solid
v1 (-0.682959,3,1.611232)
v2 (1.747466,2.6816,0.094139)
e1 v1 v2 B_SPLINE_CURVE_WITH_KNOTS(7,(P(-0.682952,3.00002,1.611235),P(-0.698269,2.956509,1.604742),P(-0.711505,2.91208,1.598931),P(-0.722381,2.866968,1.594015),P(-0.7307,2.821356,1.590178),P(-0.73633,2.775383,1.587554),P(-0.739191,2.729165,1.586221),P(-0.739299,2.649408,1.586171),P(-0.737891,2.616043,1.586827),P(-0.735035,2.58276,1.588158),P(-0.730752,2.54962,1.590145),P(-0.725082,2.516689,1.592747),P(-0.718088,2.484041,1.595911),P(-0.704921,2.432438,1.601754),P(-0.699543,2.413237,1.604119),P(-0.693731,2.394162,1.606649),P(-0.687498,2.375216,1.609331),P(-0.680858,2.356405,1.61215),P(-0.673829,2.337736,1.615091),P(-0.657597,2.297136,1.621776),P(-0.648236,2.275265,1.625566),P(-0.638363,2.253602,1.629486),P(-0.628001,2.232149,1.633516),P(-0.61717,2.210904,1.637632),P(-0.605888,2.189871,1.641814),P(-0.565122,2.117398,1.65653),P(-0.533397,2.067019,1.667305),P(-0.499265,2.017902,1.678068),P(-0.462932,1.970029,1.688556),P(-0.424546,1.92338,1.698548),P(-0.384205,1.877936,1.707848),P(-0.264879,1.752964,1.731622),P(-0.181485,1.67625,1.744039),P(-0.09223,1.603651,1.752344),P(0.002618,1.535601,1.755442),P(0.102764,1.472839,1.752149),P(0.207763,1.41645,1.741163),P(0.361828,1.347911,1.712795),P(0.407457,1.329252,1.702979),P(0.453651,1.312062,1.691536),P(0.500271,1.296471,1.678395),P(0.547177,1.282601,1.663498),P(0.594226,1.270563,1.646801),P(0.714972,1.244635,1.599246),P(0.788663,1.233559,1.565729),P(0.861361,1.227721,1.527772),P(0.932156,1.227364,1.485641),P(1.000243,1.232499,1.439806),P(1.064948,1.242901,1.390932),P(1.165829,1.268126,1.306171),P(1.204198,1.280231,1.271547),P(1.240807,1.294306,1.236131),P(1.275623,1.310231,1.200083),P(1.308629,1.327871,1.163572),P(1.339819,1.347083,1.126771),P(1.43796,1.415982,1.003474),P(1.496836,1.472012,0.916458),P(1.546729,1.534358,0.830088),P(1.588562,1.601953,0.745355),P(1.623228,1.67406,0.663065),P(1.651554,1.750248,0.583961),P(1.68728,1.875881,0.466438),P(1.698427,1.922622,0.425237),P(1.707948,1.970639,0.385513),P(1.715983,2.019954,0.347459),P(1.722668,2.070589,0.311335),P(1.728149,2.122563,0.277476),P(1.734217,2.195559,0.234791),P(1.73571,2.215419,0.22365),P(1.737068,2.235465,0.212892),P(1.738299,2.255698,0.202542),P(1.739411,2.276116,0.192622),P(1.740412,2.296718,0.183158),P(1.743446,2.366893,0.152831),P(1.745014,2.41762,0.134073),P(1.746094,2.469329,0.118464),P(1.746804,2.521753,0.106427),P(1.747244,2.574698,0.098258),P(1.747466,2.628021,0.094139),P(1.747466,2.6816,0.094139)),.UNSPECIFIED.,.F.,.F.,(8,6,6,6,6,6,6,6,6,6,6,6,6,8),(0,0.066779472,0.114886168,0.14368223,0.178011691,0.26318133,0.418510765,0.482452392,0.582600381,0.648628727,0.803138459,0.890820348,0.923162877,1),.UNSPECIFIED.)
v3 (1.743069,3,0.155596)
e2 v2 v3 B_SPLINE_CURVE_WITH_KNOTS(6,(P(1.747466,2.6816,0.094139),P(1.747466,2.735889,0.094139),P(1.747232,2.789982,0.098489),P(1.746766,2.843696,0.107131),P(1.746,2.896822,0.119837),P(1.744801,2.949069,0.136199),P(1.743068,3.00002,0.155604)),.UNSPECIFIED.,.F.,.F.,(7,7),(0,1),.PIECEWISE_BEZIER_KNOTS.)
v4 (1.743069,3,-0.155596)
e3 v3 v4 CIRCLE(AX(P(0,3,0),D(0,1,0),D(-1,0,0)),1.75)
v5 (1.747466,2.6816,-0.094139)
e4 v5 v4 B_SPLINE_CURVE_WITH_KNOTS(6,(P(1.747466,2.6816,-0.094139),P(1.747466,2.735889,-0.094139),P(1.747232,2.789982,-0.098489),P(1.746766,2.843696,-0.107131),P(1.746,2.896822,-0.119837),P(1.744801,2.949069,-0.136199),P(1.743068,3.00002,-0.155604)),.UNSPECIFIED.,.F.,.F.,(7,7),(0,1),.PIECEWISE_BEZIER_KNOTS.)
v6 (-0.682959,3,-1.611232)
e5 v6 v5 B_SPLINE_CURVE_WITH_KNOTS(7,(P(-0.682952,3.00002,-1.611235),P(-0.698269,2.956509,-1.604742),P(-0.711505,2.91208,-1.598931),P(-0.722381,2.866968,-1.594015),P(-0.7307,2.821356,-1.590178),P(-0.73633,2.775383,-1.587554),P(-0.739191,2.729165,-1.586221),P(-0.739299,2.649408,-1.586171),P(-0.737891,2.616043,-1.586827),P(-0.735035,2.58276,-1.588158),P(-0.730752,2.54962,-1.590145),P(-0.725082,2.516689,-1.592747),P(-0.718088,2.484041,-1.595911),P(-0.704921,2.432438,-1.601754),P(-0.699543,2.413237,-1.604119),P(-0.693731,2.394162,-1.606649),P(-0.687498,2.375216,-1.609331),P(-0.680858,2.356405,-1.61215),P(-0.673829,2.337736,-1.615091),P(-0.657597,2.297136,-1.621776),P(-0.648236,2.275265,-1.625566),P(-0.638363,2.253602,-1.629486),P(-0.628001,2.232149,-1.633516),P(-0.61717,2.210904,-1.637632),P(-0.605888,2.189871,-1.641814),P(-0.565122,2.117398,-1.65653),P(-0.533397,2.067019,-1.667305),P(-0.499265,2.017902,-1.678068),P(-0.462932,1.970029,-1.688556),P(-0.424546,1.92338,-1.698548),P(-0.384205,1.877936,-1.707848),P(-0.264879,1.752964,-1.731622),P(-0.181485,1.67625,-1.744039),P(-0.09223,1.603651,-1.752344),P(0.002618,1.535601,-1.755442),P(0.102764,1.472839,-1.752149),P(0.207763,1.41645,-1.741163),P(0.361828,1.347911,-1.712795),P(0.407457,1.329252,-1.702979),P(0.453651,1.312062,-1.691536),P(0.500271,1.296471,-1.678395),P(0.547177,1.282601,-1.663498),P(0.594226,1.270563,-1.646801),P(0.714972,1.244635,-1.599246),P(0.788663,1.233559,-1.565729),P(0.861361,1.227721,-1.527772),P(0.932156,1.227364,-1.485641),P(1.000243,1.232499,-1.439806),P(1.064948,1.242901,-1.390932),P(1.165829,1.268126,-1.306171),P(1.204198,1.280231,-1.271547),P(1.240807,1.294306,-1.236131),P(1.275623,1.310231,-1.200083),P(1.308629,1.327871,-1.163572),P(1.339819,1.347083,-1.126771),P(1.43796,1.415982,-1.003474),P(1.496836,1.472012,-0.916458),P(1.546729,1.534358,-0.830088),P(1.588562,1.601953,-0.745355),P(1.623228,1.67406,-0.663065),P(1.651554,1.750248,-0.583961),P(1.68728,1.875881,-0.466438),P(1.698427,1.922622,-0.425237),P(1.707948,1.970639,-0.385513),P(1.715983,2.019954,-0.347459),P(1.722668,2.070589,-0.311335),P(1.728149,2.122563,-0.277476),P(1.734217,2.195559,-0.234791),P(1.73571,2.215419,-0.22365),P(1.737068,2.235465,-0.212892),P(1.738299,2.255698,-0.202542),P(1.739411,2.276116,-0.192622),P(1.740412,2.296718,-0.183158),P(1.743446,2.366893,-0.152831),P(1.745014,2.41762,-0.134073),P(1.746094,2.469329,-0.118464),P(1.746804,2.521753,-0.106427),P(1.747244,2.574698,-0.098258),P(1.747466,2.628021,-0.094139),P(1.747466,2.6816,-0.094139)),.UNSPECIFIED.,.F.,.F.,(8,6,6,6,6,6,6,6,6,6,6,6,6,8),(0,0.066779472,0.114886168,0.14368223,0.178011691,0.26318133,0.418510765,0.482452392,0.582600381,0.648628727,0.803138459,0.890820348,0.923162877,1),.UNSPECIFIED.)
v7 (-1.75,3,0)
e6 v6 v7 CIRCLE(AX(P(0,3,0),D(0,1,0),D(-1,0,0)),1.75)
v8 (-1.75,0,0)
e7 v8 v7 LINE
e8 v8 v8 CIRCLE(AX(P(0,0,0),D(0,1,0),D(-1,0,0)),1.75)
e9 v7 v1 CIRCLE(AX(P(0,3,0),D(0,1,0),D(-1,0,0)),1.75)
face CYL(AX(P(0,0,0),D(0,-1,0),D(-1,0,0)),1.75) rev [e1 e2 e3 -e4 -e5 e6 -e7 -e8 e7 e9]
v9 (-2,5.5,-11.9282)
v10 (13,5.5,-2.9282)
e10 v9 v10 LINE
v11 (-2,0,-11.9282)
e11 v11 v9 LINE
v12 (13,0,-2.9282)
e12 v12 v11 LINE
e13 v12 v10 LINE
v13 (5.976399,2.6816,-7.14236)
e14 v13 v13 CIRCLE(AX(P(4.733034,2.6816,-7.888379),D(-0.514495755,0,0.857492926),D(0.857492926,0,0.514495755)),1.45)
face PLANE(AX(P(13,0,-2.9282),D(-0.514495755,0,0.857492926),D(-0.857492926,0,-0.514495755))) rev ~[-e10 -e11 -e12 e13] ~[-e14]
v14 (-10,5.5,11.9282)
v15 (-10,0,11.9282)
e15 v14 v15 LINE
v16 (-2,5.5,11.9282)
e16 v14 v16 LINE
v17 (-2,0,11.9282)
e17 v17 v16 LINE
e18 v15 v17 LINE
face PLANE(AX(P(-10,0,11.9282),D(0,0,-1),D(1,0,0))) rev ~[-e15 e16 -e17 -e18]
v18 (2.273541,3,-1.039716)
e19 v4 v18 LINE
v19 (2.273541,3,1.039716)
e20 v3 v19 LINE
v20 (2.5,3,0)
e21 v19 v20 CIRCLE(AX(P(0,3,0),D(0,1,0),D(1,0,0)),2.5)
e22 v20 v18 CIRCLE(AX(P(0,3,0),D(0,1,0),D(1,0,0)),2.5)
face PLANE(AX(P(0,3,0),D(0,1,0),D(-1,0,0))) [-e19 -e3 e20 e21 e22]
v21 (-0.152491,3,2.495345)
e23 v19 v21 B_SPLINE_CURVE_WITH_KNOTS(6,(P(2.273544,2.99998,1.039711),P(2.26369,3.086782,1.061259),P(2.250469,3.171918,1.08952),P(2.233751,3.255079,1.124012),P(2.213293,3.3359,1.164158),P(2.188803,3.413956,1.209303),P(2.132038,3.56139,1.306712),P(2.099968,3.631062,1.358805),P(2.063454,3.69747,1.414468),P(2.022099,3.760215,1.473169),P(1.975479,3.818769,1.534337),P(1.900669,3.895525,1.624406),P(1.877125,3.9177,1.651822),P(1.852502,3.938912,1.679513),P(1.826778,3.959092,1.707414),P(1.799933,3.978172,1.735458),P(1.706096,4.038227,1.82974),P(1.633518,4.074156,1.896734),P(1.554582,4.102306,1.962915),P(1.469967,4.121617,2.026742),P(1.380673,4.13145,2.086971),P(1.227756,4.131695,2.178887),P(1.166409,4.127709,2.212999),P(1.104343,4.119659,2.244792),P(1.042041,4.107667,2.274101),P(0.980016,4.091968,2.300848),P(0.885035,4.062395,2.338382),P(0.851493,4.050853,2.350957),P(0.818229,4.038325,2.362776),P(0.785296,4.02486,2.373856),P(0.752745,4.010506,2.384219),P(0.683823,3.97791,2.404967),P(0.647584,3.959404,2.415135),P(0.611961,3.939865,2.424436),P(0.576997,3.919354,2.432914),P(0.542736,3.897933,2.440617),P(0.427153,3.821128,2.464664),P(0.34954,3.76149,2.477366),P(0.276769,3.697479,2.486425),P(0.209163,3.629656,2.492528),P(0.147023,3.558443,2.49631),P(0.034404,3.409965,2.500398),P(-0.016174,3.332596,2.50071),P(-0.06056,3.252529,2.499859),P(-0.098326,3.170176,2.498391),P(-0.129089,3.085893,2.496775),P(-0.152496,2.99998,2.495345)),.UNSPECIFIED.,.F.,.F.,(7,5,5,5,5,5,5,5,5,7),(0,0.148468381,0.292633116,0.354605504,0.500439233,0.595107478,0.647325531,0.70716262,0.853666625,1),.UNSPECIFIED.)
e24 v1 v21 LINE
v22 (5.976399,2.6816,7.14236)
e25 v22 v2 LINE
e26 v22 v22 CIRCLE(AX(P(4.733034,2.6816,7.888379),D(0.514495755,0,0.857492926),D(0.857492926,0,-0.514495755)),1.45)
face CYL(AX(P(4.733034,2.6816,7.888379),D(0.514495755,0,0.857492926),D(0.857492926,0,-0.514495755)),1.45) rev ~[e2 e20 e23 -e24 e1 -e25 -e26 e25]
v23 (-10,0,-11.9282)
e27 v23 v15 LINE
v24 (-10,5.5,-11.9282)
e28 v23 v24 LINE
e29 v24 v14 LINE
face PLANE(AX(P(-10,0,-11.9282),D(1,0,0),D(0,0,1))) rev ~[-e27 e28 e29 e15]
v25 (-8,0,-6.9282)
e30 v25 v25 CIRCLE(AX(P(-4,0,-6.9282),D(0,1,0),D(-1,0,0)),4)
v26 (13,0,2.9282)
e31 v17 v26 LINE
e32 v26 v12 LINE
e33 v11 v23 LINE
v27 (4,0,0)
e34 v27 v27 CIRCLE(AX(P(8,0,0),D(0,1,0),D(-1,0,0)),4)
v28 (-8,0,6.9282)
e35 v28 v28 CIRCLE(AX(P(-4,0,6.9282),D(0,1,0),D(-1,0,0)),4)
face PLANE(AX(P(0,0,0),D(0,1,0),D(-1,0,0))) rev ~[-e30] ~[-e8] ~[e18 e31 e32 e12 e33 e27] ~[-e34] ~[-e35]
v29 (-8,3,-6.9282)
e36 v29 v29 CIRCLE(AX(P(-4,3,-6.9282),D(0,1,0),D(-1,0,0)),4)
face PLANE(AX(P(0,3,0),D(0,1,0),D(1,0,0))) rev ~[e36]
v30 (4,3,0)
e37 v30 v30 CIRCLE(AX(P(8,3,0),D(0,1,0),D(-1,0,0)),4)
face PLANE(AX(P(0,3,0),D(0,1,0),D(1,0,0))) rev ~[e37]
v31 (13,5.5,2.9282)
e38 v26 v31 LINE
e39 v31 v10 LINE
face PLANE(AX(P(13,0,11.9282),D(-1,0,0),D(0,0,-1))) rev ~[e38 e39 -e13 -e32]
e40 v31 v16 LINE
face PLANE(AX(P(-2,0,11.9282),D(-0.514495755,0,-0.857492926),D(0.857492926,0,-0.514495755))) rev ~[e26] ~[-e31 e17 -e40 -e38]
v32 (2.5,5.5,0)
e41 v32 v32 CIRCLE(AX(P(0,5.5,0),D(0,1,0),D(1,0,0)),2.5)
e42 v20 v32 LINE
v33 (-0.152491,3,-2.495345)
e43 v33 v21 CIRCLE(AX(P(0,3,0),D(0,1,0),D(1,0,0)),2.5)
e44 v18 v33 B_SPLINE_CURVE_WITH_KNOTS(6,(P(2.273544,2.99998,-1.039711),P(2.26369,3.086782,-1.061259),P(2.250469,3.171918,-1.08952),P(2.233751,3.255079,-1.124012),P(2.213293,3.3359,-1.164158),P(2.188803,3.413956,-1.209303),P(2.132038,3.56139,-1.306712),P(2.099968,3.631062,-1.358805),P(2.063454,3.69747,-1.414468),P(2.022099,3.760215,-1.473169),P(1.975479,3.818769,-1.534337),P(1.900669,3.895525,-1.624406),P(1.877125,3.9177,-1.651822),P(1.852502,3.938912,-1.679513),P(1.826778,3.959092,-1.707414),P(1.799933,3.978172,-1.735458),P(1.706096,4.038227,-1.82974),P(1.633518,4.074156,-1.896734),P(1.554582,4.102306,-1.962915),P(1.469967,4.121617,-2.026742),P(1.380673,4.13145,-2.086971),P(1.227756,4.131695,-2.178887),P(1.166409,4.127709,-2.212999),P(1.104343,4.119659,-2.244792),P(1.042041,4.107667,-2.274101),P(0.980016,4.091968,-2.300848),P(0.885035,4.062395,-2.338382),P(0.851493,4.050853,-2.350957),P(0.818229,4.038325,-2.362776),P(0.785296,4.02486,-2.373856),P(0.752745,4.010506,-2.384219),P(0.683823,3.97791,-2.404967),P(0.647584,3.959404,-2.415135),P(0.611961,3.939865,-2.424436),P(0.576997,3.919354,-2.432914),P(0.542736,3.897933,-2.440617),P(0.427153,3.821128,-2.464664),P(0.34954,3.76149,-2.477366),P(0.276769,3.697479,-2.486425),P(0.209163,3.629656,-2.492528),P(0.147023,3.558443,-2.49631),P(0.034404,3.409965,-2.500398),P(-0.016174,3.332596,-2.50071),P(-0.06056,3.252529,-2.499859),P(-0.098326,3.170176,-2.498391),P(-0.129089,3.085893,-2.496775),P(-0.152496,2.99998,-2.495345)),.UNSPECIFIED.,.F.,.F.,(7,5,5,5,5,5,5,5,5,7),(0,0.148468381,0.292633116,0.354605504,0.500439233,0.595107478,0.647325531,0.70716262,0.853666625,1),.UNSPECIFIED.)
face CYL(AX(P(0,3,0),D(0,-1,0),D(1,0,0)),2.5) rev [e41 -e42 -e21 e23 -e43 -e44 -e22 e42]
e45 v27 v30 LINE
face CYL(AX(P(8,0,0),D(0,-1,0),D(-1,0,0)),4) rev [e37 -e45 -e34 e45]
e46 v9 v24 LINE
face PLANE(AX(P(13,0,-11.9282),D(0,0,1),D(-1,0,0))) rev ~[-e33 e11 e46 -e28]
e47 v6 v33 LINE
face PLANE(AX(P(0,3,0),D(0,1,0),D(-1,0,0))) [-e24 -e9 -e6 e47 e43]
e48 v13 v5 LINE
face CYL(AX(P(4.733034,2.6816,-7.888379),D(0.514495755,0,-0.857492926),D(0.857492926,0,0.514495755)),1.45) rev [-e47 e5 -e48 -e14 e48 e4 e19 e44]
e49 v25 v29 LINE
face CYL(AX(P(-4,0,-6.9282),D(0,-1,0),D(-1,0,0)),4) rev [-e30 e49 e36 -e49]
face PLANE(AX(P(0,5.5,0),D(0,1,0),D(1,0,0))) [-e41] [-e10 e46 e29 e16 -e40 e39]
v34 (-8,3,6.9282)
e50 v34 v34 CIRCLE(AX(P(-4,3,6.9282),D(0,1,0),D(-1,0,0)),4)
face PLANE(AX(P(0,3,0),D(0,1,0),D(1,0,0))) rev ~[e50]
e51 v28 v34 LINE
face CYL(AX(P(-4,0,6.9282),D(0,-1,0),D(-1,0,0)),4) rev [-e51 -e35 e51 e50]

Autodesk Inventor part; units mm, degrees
ref_plane "YZ Plane" through (0, 0, 0) normal (1, 0, 0) x (0, 1, 0)
ref_plane "XZ Plane" through (0, 0, 0) normal (0, 1, 0) x (-1, 0, 0)
ref_plane "XY Plane" through (0, 0, 0) normal (0, 0, 1) x (1, 0, 0)
sketch "Sketch1" plane through (0, 0, 0) normal (0, 1, 0) x (-1, 0, 0)
  line L0 (-13, -11.9282) -> (10, -11.9282)
  line L1 (10, -11.9282) -> (10, 11.9282)
  line L2 (10, 11.9282) -> (-13, 11.9282)
  line L3 (-13, 11.9282) -> (-13, -11.9282)
  circle A0 centre (-8, 0) radius 4
  circle A1 centre (4, -6.9282) radius 4
  circle A2 centre (4, 6.9282) radius 4
  circle A3 centre (0, 0) radius 8 construction
  circle A4 centre (0, 0) radius 1.75
  dimension "d11" = 16
  dimension "d2" = 8
  dimension "d6" = 360
  dimension "d8" = 6
  dimension "d9" = 5
  dimension "d12" = 5
  dimension "d13" = 5
  dimension "d35" = 3.5
extrude "Extrusion1" add sketch "Sketch1" along normal blind 3
sketch "Sketch2" plane through (0, 3, 0) normal (0, 1, 0) x (1, 0, 0)
  circle A0 centre (-4, -6.9282) radius 4 projected
  circle A1 centre (-4, 6.9282) radius 4 projected
  circle A2 centre (8, 0) radius 4 projected
  line L0 (13, 11.9282) -> (-10, 11.9282) projected
  line L1 (-10, 11.9282) -> (-10, -11.9282) projected
  line L2 (-10, -11.9282) -> (13, -11.9282) projected
  line L3 (13, -11.9282) -> (13, 11.9282) projected
  circle A3 centre (0, 0) radius 2.5
  dimension "d16" = 5
extrude "Extrusion2" add sketch "Sketch2" along normal blind 2.5 contours A0 | A1 | A2 | L3 L2 L1 L0
sketch "Sketch3" plane through (0, 0, 0) normal (0, -1, 0) x (1, 0, 0)
  circle A0 centre (-4, 6.9282) radius 4 projected
  circle A1 centre (-4, -6.9282) radius 4 projected
  circle A2 centre (8, 0) radius 4 projected
  line L0 (13, -11.9282) -> (-10, -11.9282) projected
  line L1 (13, 11.9282) -> (13, -11.9282) projected
  line L2 (-10, 11.9282) -> (13, 11.9282) projected
  line L3 (-10, -11.9282) -> (-10, 11.9282) construction
  line L4 (-2, 11.9282) -> (13, 2.9282)
  line L5 (13, 11.9282) -> (13, -11.9282) projected
  line L6 (13, -2.9282) -> (-2, -11.9282)
  point P0 (0, 0)
  dimension "d19" = 9
  dimension "d20" = 9
  dimension "d21" = 15
  dimension "d22" = 15
extrude "Extrusion3" cut sketch "Sketch3" against normal through all contours L4 L2 L1 | L0 L6 L1
sketch "Skizze10" plane through (-2, 0, 11.9282) normal (0.5145, 0, 0.8575) x (0.8575, 0, -0.5145)
  line L0 (9.602, 0) -> (6.102, 0) projected
  line L1 (9.602, 0) -> (9.602, 3) projected
  line L2 (6.102, 0) -> (6.102, 3) projected
  circle A0 centre (7.852, 2.6816) radius 1.45
  point P0 (7.852, 0)
  dimension "d42" = 2.9
extrude "Extrusion9" cut sketch "Skizze10" against normal up to surface
ref_plane "Arbeitsebene1" through (-10, 0, 0) normal (0, 0, 1) x (1, 0, 0)
mirror "Spiegeln1" about plane through (-10, 0, 0) normal (0, 0, 1) of "Extrusion9"
equation "\"d12\" = d9"
equation "\"d13\" = d9"
equation "\"d43\" = d42"
properties part number "30_Cube_Z_Focus_Drylin_NEMA_slide_part1"
